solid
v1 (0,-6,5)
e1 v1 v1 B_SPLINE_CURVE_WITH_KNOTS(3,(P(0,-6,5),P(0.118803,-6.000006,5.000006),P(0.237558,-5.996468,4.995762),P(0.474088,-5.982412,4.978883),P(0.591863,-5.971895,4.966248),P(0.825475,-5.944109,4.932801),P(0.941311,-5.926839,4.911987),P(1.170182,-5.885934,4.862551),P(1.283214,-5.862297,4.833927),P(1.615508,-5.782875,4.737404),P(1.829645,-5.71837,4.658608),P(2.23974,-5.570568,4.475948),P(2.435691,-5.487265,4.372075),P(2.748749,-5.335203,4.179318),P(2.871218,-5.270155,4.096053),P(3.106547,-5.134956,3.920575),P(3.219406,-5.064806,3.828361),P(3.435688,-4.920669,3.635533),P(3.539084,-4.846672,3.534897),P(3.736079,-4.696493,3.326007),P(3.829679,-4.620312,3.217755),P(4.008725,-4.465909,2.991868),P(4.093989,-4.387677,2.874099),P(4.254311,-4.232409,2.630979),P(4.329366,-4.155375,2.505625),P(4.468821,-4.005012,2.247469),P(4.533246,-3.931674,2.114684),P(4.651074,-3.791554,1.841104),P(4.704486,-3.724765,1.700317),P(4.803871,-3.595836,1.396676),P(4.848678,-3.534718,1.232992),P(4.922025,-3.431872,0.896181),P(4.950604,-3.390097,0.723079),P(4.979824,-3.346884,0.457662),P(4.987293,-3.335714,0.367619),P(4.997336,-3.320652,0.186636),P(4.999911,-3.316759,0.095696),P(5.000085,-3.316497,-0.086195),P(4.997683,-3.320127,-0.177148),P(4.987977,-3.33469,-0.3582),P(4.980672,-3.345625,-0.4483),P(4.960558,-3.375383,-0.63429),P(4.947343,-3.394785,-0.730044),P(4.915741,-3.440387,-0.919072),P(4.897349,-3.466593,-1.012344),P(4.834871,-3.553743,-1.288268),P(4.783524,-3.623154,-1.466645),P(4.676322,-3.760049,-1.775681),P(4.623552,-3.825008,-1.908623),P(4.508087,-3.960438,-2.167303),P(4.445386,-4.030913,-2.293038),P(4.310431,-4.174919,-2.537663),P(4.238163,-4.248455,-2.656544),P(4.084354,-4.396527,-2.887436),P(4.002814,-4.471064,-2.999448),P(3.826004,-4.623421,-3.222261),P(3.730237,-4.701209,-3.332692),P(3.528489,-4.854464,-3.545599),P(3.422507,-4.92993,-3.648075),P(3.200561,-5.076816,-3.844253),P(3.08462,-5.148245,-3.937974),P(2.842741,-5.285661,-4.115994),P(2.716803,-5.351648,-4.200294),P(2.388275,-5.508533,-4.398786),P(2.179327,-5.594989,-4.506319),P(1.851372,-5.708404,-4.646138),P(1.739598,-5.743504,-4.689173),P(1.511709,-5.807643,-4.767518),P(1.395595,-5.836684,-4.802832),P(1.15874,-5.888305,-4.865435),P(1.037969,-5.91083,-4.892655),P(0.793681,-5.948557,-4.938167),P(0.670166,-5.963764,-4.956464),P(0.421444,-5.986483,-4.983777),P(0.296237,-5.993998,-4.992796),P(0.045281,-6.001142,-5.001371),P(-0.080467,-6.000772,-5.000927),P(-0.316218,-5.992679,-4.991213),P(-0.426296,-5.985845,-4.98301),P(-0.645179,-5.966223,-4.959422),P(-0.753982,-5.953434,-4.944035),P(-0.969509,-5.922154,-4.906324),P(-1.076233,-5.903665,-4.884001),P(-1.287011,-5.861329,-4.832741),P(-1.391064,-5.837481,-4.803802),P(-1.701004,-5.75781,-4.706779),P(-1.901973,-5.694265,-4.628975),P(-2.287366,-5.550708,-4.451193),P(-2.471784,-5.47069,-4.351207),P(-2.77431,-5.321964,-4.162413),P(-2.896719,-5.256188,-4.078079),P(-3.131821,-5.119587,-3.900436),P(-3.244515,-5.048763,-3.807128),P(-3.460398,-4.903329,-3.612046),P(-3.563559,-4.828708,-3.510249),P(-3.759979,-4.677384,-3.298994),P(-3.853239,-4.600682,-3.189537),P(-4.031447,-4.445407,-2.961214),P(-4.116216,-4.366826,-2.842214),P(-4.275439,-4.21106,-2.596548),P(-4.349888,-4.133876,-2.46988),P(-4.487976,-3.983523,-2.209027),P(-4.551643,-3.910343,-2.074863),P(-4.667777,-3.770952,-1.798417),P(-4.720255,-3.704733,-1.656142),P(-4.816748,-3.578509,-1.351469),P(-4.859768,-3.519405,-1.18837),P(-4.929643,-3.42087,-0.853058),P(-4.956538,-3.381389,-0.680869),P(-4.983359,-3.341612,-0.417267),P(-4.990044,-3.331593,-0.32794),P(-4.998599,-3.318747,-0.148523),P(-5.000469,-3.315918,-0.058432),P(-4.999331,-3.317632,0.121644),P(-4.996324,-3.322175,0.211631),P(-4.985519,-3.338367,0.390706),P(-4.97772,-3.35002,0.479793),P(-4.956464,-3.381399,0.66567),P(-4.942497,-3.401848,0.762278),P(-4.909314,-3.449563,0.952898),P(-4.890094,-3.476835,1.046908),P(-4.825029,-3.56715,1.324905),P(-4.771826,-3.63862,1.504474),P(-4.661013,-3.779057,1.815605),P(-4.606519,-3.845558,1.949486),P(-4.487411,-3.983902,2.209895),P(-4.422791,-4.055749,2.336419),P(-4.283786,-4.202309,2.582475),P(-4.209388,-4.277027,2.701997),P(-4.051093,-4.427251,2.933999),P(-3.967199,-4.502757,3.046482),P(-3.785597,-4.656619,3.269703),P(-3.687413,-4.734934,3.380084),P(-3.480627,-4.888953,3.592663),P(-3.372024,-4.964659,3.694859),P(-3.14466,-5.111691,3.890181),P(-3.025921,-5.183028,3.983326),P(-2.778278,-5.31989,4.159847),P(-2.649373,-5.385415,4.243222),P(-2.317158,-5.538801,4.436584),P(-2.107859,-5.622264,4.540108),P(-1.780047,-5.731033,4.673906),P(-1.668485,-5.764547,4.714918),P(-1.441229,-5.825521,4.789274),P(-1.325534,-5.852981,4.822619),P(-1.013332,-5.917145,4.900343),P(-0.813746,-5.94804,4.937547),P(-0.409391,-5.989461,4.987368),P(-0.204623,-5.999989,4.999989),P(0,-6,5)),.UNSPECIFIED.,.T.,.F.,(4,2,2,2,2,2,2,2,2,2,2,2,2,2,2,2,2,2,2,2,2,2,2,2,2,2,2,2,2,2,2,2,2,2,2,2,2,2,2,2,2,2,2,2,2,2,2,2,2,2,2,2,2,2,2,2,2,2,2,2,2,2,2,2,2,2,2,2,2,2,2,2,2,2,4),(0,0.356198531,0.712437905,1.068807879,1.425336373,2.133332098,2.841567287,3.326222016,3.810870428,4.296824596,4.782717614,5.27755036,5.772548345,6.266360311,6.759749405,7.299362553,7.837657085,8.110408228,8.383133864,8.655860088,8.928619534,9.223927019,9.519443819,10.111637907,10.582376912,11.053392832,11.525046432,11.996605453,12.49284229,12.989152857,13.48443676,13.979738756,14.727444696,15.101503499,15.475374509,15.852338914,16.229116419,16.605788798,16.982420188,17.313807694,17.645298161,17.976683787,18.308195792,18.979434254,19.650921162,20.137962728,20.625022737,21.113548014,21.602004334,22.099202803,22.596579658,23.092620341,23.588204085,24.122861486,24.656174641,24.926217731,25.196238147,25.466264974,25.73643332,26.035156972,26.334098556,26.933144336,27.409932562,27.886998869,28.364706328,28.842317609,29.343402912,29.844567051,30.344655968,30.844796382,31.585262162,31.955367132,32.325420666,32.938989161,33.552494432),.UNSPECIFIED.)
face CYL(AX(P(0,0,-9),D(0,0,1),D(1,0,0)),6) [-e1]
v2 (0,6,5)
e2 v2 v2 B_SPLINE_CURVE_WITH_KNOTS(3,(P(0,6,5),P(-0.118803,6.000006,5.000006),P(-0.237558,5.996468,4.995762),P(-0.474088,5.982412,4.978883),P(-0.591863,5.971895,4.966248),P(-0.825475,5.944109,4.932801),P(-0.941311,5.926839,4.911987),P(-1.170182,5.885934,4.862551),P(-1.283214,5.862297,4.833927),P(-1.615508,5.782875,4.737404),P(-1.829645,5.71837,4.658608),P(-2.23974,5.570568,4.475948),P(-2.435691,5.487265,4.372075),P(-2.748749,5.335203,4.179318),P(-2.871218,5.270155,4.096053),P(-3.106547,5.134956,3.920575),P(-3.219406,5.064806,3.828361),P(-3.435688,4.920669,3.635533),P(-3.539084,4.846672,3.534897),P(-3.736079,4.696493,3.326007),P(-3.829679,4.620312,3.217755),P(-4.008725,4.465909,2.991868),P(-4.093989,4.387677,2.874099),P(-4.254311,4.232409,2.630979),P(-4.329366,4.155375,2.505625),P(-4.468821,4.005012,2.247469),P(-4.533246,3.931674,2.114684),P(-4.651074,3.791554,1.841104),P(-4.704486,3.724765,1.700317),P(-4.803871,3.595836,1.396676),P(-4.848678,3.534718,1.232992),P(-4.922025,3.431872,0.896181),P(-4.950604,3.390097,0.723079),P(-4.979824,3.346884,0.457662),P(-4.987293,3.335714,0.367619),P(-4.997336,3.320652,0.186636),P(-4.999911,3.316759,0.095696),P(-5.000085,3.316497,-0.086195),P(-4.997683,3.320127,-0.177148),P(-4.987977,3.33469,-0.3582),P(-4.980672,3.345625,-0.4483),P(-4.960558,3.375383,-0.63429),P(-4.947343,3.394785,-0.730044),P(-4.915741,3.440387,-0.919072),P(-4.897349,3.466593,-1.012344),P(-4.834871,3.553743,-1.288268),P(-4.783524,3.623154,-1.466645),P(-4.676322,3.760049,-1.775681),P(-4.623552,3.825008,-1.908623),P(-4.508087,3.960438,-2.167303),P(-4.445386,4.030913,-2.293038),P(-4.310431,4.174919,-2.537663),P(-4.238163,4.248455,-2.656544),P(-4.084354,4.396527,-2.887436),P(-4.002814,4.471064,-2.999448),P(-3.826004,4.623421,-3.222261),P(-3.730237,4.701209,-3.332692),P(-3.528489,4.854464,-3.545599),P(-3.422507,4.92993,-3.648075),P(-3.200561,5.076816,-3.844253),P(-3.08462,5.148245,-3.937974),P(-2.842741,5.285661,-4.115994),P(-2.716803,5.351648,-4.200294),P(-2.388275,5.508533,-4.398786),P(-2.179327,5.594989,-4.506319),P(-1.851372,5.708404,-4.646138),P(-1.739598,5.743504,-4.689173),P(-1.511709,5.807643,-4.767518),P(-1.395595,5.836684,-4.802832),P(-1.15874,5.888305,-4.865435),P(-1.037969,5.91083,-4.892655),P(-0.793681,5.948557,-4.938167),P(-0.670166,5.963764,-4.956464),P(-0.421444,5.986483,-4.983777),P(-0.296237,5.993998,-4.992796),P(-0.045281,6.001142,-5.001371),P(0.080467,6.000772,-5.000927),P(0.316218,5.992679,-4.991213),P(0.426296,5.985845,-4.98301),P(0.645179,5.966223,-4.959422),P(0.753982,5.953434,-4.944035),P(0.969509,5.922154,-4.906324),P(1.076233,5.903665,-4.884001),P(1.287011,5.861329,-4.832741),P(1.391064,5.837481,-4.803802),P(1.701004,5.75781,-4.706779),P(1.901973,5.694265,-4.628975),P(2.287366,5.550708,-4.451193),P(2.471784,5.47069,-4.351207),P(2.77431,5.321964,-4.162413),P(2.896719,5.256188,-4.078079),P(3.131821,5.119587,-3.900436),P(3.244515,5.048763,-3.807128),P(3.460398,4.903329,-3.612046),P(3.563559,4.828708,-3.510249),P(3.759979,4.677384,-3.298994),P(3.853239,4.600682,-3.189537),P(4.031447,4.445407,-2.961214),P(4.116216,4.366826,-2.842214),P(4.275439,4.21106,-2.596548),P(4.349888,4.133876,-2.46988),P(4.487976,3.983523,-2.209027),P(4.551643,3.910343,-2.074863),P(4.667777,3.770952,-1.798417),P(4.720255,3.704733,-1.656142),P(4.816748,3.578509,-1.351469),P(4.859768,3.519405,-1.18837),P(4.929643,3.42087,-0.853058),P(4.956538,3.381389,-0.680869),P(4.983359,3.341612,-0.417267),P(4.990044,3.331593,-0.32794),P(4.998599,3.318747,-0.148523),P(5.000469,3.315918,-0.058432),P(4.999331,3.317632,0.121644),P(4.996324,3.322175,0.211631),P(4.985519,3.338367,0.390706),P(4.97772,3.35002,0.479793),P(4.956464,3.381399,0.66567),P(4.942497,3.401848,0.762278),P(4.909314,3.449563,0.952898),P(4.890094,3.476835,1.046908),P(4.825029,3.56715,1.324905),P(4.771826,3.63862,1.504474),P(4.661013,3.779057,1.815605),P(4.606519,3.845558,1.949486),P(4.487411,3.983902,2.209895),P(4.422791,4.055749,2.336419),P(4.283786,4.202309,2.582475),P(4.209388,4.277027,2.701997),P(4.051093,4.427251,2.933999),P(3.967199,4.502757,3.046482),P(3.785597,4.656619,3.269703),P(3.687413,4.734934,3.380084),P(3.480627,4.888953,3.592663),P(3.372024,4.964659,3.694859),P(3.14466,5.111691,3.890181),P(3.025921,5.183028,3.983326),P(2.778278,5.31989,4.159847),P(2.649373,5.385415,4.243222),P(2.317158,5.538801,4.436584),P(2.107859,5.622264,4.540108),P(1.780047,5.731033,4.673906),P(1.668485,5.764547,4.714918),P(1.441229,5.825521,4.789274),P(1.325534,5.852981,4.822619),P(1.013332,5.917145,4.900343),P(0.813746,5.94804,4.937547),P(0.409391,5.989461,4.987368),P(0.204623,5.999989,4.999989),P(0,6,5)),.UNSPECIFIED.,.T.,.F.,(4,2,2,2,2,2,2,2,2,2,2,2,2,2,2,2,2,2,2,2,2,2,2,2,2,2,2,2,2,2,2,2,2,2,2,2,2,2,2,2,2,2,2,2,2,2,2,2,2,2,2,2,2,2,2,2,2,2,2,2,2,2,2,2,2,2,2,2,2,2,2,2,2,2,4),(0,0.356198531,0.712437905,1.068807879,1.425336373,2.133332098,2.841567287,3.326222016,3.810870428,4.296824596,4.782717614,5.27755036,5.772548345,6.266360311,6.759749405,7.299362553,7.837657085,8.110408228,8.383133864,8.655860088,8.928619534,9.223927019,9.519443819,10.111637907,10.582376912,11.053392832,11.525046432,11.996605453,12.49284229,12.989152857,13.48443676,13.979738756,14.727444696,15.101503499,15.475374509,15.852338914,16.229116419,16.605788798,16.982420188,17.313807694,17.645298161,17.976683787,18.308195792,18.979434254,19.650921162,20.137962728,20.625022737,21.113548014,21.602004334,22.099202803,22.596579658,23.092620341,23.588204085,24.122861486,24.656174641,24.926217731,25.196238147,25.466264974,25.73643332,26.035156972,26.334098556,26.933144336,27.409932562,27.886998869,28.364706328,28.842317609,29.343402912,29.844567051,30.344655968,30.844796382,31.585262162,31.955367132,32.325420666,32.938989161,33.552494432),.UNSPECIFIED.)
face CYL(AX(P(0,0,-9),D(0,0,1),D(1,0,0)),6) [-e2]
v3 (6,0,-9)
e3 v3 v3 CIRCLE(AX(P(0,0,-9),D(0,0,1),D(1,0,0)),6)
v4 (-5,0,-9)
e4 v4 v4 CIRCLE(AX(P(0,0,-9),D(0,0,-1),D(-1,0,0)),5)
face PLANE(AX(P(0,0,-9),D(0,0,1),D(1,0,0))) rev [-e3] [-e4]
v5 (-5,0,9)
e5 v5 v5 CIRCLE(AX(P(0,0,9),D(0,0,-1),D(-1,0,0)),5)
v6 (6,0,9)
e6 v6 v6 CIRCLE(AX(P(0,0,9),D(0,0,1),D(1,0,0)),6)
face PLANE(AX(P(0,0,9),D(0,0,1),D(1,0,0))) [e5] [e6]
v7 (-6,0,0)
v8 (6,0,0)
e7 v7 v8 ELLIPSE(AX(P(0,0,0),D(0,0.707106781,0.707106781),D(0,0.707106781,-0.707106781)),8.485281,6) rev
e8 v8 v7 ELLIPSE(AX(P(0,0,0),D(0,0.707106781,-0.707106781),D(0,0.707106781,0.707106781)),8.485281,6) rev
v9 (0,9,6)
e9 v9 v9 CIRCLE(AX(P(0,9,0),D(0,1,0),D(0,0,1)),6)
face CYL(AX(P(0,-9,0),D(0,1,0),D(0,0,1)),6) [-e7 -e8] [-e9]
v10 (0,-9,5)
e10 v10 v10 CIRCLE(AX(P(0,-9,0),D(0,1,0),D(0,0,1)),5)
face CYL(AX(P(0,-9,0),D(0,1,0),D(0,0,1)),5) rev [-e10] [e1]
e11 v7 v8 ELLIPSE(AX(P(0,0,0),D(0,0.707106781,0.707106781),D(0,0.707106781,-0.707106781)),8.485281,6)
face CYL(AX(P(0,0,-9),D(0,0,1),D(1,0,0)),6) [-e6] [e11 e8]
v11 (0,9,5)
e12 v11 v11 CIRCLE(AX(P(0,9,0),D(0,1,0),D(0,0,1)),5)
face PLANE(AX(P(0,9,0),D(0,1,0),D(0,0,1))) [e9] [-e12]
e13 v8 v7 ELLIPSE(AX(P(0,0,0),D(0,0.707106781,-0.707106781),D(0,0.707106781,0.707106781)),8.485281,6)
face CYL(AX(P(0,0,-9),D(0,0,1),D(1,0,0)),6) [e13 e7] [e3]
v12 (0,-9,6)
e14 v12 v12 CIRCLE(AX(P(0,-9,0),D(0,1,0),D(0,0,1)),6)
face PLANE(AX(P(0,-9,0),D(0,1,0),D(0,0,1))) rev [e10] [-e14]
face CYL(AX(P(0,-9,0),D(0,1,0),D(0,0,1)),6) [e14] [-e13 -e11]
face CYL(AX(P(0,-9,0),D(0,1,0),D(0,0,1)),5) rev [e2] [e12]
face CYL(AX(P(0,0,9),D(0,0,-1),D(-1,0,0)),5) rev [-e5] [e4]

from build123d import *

# Parameters (mm, degrees)
BOSS_EXTRUDE1_DEPTH      = 9
BOSS_EXTRUDE1_DEPTH_BACK = 9
SKETCH1_R                = 6
SKETCH1_R_2              = 5
BOSS_EXTRUDE2_DEPTH      = 9
BOSS_EXTRUDE2_DEPTH_BACK = 9
SKETCH2_R                = 6
SKETCH3_R                = 5
CUT_EXTRUDE1_DEPTH       = 22.000000043


with BuildPart() as part:
    # Sketch1 → Boss-Extrude1 (new, two sides: drawn at the far end of the back side and taken through both)
    with BuildSketch(Plane(origin=(0, 0, 0), x_dir=(1, 0, 0), z_dir=(0, 1, 0)).offset(-BOSS_EXTRUDE1_DEPTH_BACK)):
        Circle(SKETCH1_R)
        Circle(SKETCH1_R_2, mode=Mode.SUBTRACT)
    extrude(amount=BOSS_EXTRUDE1_DEPTH + BOSS_EXTRUDE1_DEPTH_BACK)

    # Sketch2 → Boss-Extrude2 (add, two sides: drawn at the far end of the back side and taken through both)
    with BuildSketch(Plane.XY.offset(-BOSS_EXTRUDE2_DEPTH_BACK)):
        Circle(SKETCH2_R)
    extrude(amount=BOSS_EXTRUDE2_DEPTH + BOSS_EXTRUDE2_DEPTH_BACK)

    # Sketch3 → Cut-Extrude1 (cut, through all)
    with BuildSketch(Plane(origin=(0, 0, -9), x_dir=(-1, 0, 0), z_dir=(0, 0, -1))):
        Circle(SKETCH3_R)
    extrude(amount=-CUT_EXTRUDE1_DEPTH, mode=Mode.SUBTRACT)


solid = part.part
